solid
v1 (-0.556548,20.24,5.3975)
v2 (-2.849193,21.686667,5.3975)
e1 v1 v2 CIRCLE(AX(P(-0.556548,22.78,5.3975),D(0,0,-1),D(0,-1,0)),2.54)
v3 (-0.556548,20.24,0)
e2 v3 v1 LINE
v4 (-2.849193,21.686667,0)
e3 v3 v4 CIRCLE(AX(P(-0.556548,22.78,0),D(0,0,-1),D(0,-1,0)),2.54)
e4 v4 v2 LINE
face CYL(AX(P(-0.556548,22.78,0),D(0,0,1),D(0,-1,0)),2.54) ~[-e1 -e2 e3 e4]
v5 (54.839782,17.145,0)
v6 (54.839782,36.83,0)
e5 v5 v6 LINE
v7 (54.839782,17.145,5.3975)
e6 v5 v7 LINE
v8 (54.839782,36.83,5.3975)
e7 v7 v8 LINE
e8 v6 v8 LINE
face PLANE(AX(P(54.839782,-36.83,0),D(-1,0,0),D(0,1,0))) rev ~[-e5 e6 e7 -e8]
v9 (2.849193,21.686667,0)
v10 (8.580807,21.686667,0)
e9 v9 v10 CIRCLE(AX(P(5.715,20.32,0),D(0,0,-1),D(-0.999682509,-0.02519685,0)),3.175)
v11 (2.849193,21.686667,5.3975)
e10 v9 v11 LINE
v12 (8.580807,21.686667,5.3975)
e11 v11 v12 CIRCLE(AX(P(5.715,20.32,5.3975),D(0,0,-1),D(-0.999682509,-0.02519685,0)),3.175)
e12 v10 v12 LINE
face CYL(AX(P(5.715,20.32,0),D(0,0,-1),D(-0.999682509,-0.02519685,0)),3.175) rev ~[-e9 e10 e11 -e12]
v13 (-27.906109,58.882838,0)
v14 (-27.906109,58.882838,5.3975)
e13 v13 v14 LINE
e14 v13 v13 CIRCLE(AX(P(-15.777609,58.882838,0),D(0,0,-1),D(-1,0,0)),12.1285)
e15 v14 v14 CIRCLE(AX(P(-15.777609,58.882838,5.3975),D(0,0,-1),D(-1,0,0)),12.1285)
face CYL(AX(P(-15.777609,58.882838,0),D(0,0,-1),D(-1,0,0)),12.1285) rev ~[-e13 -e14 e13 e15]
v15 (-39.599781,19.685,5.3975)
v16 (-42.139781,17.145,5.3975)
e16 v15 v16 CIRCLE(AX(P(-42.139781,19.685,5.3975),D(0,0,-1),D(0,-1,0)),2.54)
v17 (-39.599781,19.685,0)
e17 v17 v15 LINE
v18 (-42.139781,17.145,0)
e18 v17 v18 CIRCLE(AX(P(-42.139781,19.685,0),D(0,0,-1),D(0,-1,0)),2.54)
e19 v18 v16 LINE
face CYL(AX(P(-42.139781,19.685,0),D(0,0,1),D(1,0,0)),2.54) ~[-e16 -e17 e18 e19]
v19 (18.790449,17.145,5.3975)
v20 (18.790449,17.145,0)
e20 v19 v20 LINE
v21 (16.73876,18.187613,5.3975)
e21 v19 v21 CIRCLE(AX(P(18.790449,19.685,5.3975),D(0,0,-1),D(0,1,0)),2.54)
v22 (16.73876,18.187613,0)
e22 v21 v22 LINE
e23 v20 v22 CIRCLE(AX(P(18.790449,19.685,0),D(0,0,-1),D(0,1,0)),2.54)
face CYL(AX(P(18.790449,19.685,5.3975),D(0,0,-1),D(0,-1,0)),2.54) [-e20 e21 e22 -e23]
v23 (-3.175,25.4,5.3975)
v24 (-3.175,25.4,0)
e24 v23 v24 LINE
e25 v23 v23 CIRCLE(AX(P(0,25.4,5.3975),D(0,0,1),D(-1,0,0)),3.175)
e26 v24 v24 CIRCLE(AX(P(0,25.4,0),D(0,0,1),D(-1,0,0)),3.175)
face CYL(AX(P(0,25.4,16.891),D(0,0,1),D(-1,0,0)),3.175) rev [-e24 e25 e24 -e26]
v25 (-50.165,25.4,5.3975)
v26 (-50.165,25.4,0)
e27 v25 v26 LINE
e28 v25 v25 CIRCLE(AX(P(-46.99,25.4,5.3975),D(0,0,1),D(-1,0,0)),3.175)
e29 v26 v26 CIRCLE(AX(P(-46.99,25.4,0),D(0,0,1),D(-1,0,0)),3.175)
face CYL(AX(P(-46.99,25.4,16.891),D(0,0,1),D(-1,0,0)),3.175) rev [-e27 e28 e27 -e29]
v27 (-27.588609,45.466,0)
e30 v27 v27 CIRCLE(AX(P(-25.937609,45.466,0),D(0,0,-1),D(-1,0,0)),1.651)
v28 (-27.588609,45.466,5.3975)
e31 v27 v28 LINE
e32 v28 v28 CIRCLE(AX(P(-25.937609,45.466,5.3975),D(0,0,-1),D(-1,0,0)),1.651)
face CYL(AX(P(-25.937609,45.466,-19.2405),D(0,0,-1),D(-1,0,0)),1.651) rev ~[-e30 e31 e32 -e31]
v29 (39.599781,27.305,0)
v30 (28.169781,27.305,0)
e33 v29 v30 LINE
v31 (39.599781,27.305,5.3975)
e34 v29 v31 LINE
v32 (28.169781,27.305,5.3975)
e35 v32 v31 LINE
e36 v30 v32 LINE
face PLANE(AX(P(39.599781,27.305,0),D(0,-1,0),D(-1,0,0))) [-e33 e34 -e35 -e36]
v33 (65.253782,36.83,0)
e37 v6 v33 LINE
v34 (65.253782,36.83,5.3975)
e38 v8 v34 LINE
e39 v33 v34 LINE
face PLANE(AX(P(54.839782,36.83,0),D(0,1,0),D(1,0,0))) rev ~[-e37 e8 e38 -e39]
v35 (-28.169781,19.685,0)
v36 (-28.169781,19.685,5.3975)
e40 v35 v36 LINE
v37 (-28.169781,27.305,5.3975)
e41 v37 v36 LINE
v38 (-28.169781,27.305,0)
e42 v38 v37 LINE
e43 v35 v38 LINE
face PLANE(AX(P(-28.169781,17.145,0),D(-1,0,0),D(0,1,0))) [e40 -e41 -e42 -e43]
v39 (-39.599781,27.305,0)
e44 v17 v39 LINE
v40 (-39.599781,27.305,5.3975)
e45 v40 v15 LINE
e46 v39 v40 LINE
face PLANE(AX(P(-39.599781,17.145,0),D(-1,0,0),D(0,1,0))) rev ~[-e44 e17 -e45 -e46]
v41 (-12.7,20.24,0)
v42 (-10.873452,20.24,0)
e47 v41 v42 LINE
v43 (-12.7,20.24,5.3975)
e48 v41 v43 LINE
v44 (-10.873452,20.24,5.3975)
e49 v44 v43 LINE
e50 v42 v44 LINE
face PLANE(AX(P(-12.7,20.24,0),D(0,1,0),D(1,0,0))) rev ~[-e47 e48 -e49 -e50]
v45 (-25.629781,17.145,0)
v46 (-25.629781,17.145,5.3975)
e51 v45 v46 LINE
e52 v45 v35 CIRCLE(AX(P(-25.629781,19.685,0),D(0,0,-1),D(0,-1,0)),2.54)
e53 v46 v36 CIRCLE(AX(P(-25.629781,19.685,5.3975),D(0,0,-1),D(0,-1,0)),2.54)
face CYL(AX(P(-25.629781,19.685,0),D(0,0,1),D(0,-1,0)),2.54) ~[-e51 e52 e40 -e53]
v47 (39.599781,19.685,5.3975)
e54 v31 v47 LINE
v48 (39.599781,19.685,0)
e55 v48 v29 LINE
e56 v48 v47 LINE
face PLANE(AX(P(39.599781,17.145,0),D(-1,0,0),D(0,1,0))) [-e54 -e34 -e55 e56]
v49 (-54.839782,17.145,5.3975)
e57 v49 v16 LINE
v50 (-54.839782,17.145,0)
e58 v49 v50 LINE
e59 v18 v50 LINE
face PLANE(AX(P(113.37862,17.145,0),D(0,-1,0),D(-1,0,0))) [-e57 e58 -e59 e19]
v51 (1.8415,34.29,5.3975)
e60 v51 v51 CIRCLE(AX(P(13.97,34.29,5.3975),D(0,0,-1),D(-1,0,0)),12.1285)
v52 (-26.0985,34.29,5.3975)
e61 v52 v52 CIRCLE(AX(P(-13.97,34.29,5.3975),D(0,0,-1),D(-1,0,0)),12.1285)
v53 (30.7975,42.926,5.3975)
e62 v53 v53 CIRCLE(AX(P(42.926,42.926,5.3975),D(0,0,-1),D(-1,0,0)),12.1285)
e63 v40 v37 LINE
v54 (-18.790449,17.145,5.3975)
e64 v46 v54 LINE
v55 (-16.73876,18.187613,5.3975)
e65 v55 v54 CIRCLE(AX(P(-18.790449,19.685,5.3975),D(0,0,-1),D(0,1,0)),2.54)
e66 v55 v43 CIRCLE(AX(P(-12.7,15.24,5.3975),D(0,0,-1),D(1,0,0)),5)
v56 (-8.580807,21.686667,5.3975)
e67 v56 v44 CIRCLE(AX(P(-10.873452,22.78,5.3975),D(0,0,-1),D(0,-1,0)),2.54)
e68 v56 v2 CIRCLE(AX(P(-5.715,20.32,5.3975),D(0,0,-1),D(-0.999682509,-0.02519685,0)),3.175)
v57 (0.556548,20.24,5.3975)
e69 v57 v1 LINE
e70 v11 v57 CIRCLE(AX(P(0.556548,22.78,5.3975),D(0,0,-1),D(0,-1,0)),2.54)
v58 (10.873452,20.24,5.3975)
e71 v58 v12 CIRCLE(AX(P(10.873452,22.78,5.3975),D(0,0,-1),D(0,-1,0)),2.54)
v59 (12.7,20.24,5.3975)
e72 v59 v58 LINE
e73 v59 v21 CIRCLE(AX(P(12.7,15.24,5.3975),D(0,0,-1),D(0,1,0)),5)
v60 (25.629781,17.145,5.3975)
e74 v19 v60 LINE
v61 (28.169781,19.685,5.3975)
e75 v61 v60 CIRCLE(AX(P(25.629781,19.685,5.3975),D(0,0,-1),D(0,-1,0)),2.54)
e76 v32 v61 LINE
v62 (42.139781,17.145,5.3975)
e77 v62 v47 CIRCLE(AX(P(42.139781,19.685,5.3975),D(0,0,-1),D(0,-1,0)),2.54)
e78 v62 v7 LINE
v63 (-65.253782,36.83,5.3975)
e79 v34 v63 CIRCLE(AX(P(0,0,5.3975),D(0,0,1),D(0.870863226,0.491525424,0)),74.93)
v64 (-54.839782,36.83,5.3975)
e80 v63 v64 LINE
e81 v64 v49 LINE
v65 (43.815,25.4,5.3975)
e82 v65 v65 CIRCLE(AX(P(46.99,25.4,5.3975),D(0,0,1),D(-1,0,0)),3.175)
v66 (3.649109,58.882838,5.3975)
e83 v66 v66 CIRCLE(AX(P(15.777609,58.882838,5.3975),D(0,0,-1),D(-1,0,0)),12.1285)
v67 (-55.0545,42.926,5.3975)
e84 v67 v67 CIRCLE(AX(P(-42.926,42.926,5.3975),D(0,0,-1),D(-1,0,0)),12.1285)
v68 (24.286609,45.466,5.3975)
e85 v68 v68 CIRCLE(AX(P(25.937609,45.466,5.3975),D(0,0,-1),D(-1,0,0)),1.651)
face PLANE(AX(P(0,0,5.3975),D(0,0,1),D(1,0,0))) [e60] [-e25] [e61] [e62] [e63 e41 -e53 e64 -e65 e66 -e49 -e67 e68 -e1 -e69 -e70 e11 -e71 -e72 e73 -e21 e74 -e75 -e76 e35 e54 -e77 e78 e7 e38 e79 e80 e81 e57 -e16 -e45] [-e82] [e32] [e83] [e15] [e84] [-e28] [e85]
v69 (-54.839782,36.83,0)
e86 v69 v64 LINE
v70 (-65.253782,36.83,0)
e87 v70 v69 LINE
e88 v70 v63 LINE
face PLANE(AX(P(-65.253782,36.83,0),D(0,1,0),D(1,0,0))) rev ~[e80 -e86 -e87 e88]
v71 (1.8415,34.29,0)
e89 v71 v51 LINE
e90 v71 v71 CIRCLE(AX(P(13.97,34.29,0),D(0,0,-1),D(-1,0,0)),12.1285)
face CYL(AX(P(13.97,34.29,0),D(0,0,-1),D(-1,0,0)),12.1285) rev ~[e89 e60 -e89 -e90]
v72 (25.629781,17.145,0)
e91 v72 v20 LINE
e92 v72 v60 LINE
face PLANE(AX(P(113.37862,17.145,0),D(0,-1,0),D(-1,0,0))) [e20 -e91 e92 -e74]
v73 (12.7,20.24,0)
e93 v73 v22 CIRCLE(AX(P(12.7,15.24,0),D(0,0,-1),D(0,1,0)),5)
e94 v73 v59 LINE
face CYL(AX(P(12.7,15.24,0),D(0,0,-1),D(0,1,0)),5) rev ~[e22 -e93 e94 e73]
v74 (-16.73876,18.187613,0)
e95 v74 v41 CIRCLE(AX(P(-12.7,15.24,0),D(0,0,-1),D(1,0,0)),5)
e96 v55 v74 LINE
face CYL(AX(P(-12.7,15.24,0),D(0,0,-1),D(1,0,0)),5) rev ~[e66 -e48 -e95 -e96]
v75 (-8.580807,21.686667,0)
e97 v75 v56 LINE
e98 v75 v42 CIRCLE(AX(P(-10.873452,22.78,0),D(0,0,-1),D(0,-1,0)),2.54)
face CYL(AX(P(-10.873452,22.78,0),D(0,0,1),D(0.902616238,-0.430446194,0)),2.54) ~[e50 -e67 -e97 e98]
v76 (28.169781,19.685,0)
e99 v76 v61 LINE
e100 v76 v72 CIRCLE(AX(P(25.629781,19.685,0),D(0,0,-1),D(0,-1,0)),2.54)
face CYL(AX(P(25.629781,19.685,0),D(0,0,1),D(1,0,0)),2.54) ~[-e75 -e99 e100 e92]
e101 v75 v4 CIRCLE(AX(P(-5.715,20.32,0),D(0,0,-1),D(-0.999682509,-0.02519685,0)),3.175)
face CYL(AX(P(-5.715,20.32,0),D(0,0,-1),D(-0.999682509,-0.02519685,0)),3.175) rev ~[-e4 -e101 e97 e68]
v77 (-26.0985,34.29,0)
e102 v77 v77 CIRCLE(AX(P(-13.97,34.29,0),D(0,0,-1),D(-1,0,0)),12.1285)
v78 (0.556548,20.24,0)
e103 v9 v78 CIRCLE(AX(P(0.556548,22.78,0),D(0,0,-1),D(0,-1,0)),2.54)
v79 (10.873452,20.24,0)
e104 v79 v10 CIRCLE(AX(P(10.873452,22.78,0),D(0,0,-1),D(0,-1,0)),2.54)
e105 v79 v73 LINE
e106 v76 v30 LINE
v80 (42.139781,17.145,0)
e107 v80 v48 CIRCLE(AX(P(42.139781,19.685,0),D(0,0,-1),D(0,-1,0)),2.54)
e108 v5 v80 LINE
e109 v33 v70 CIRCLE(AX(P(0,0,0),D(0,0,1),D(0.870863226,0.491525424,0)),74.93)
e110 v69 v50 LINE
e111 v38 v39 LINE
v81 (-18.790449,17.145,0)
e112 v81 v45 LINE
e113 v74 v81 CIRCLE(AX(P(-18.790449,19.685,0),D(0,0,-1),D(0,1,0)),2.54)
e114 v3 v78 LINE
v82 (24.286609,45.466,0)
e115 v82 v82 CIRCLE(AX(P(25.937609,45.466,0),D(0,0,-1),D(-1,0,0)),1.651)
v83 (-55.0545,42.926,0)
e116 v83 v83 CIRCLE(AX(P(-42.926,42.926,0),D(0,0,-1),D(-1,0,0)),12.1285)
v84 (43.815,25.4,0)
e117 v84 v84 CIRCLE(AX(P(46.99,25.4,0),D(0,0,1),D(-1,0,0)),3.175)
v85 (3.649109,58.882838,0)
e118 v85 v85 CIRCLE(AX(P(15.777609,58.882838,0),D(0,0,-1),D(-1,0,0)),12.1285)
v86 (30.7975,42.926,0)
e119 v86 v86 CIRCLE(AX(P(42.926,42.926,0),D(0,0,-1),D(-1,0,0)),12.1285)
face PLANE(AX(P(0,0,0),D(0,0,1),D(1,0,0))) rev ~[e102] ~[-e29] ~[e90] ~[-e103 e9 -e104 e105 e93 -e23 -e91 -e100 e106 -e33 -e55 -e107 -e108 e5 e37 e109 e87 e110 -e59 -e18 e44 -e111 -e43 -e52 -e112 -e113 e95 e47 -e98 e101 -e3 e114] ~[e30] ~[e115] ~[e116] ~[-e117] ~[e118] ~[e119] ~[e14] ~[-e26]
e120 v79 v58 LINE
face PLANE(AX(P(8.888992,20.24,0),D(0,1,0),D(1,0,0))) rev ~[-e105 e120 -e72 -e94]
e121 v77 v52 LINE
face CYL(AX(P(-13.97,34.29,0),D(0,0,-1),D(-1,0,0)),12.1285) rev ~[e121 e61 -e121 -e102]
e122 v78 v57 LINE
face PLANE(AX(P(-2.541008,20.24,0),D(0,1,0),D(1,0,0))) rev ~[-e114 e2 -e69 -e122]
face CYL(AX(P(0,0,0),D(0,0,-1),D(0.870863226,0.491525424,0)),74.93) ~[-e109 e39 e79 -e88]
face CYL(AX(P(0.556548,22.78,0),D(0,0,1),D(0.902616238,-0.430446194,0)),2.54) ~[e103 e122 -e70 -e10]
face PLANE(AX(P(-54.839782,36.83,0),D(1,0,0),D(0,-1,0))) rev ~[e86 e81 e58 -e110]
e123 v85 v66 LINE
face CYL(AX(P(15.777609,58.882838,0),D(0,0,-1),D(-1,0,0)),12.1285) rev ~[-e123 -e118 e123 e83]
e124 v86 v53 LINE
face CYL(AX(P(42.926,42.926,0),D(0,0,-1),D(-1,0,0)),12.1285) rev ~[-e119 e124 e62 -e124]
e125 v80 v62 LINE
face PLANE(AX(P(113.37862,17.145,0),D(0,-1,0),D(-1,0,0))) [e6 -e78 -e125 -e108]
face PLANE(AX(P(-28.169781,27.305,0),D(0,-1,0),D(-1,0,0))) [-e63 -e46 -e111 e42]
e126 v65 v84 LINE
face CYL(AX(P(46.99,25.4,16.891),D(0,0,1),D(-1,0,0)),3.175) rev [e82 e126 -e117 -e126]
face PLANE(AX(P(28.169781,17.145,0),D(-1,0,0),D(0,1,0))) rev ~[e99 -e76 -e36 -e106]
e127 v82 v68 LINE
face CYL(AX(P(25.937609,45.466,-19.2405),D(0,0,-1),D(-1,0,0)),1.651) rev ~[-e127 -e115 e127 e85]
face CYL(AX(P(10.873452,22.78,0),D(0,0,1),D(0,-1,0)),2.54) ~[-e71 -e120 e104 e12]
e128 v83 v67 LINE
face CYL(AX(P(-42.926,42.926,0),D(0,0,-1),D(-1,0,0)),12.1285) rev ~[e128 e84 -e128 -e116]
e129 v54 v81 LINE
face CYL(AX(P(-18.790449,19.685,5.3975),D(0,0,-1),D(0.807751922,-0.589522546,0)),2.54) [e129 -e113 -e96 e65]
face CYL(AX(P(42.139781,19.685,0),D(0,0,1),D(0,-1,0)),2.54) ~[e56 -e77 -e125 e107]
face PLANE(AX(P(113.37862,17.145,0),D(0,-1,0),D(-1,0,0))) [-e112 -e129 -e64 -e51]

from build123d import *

# Parameters (mm, degrees)
SKETCH1_R                 = 1.651
BOSS_EXTRUDE2_DEPTH       = 5.3975
SKETCH2_R                 = 1.143
CUT_EXTRUDE1_DEPTH        = 6.3975
SKETCH3_R                 = 12.1285
CUT_EXTRUDE2_DEPTH        = 6.3975
SKETCH4_W                 = 28.562713242
SKETCH4_H                 = 11.677503754
BOSS_EXTRUDE3_DEPTH       = 5.3975
SKETCH5_W                 = 230.699333954
SKETCH5_H                 = 107.587024537
CUT_EXTRUDE3_DEPTH        = 6.3975
SKETCH6_R                 = 12.1285
CUT_EXTRUDE4_DEPTH        = 6.3975
SKETCH156_W               = 11.43
SKETCH156_H               = 10.16
CUT_EXTRUDE152_DEPTH      = 6.3975
SKETCH212_R               = 1.651
CUT_EXTRUDE208_DEPTH      = 97.79
SKETCH266_R               = 3.175
CUT_EXTRUDE262_DEPTH      = 103.378
CUT_EXTRUDE262_DEPTH_BACK = 48.768
CUT_EXTRUDE155_DEPTH      = 26.162
FILLET1_R                 = 2.54


with BuildPart() as part:
    # Sketch1 → Boss-Extrude2 (new body)
    with BuildSketch(Plane.XY):
        with BuildLine():
            Line((-65.2537815, 36.83), (-54.8397815, 36.83))
            Line((-54.8397815, 36.83), (-54.8397815, -36.83))
            Line((-54.8397815, -36.83), (-65.2537815, -36.83))
            ThreePointArc((-65.2537815, -36.83), (0, -74.93), (65.2537815, -36.83))
            Line((65.2537815, -36.83), (54.8397815, -36.83))
            Line((54.8397815, -36.83), (54.8397815, 36.83))
            Line((54.8397815, 36.83), (65.2537815, 36.83))
            ThreePointArc((65.2537815, 36.83), (0, 74.93), (-65.2537815, 36.83))
        make_face()
        with Locations((-45.466, 11.049)):
            Circle(SKETCH1_R, mode=Mode.SUBTRACT)
        with Locations((-20.067270032, 10.795)):
            Circle(SKETCH1_R, mode=Mode.SUBTRACT)
        with Locations((-20.067270032, -10.795)):
            Circle(SKETCH1_R, mode=Mode.SUBTRACT)
        with Locations((-45.466, -11.049)):
            Circle(SKETCH1_R, mode=Mode.SUBTRACT)
        with Locations((45.466, -11.049)):
            Circle(SKETCH1_R, mode=Mode.SUBTRACT)
        with Locations((20.067270032, -10.795)):
            Circle(SKETCH1_R, mode=Mode.SUBTRACT)
        with Locations((20.067270032, 10.795)):
            Circle(SKETCH1_R, mode=Mode.SUBTRACT)
        with Locations((45.466, 11.049)):
            Circle(SKETCH1_R, mode=Mode.SUBTRACT)
    extrude(amount=BOSS_EXTRUDE2_DEPTH)

    # Sketch2 → Cut-Extrude1 (cut, through all)
    with BuildSketch(Plane.XY.offset(5.3975)):
        with Locations((-6.731, 62.23)):
            Circle(SKETCH2_R)
        with Locations((6.731, 62.23)):
            Circle(SKETCH2_R)
    extrude(amount=-CUT_EXTRUDE1_DEPTH, mode=Mode.SUBTRACT)

    # Sketch3 → Cut-Extrude2 (cut, through all)
    with BuildSketch(Plane(origin=(0, 0, 0), x_dir=(-1, 0, 0), z_dir=(0, 0, -1))):
        with Locations((-42.926, -42.926)):
            Circle(SKETCH3_R)
        with Locations((13.97, -34.29)):
            Circle(SKETCH3_R)
        with Locations((13.97, 34.29)):
            Circle(SKETCH3_R)
        with Locations((-42.926, 42.926)):
            Circle(SKETCH3_R)
        with Locations((42.926, 42.926)):
            Circle(SKETCH3_R)
        with Locations((-13.97, 34.29)):
            Circle(SKETCH3_R)
        with Locations((-13.97, -34.29)):
            Circle(SKETCH3_R)
        with Locations((42.926, -42.926)):
            Circle(SKETCH3_R)
    extrude(amount=-CUT_EXTRUDE2_DEPTH, mode=Mode.SUBTRACT)

    # Sketch4 → Boss-Extrude3 (add)
    with BuildSketch(Plane(origin=(0, 0, 0), x_dir=(-1, 0, 0), z_dir=(0, 0, -1))):
        with Locations((-1.488809975, 62.152540216)):
            Rectangle(SKETCH4_W, SKETCH4_H)
    extrude(amount=-BOSS_EXTRUDE3_DEPTH)

    # Sketch5 → Cut-Extrude3 (cut, through all)
    with BuildSketch(Plane(origin=(0, 0, 0), x_dir=(-1, 0, 0), z_dir=(0, 0, -1))):
        with Locations((1.971047261, -36.648512269)):
            Rectangle(SKETCH5_W, SKETCH5_H)
    extrude(amount=-CUT_EXTRUDE3_DEPTH, mode=Mode.SUBTRACT)

    # Sketch6 → Cut-Extrude4 (cut, through all)
    with BuildSketch(Plane(origin=(0, 0, 0), x_dir=(-1, 0, 0), z_dir=(0, 0, -1))):
        with Locations((-15.777608989, 58.882838371)):
            Circle(SKETCH6_R)
        with Locations((15.777608989, 58.882838371)):
            Circle(SKETCH6_R)
    extrude(amount=-CUT_EXTRUDE4_DEPTH, mode=Mode.SUBTRACT)

    # Sketch156 → Cut-Extrude152 (cut, through all)
    with BuildSketch(Plane(origin=(0, 0, 0), x_dir=(-1, 0, 0), z_dir=(0, 0, -1))):
        with Locations((33.8847815, 22.225)):
            Rectangle(SKETCH156_W, SKETCH156_H)
        with Locations((-33.8847815, 22.225)):
            Rectangle(SKETCH156_W, SKETCH156_H)
    extrude(amount=-CUT_EXTRUDE152_DEPTH, mode=Mode.SUBTRACT)

    # Sketch212 → Cut-Extrude208 (cut)
    with BuildSketch(Plane(origin=(30.092005081, 4.08352975, -19.2405), x_dir=(-1, 0, 0), z_dir=(0, 0, -1))):
        with Locations((4.154396091, 41.38247025)):
            Circle(SKETCH212_R)
        with Locations((56.02961407, 41.38247025)):
            Circle(SKETCH212_R)
    extrude(amount=-CUT_EXTRUDE208_DEPTH, mode=Mode.SUBTRACT)

    # Sketch266 → Cut-Extrude262 (cut, two sides)
    with BuildSketch(Plane(origin=(30.092005081, 4.08352975, 16.891), x_dir=(-1, 0, 0), z_dir=(0, 0, -1))) as cut_extrude262_sk:
        with Locations((-16.897994919, 21.31647025)):
            Circle(SKETCH266_R)
        with Locations((77.082005081, 21.31647025)):
            Circle(SKETCH266_R)
        with Locations((30.092005081, 21.31647025)):
            Circle(SKETCH266_R)
    extrude(amount=CUT_EXTRUDE262_DEPTH, mode=Mode.SUBTRACT)
    extrude(cut_extrude262_sk.sketch, amount=-CUT_EXTRUDE262_DEPTH_BACK, mode=Mode.SUBTRACT)

    # Sketch159 → Cut-Extrude155 (cut)
    with BuildSketch(Plane(origin=(0, 0, 0), x_dir=(-1, 0, 0), z_dir=(0, 0, -1))):
        with BuildLine():
            Line((12.7, 20.24), (8.888991966, 20.24))
            ThreePointArc((8.888991966, 20.24), (5.715, 23.495), (2.541008034, 20.24))
            Line((2.541008034, 20.24), (-2.541008034, 20.24))
            ThreePointArc((-2.541008034, 20.24), (-5.715, 23.495), (-8.888991966, 20.24))
            Line((-8.888991966, 20.24), (-12.7, 20.24))
            ThreePointArc((-12.7, 20.24), (-16.235533906, 11.704466094), (-7.7, 15.24))
            Line((-7.7, 15.24), (7.7, 15.24))
            ThreePointArc((7.7, 15.24), (16.235533906, 11.704466094), (12.7, 20.24))
        make_face()
    extrude(amount=-CUT_EXTRUDE155_DEPTH, mode=Mode.SUBTRACT)

    # Fillet1
    fillet1_edges = [part.edges().sort_by_distance(p)[0] for p in [
        (-39.5997815, 17.145, 2.69875),
        (-28.1697815, 17.145, 2.69875),
        (28.1697815, 17.145, 2.69875),
        (39.5997815, 17.145, 2.69875),
        (-17.322875188, 17.145, 2.69875),
        (17.322875188, 17.145, 2.69875),
        (8.888991966, 20.24, 2.69875),
        (2.541008034, 20.24, 2.69875),
        (-2.541008034, 20.24, 2.69875),
        (-8.888991966, 20.24, 2.69875),
    ]]
    fillet(fillet1_edges, radius=FILLET1_R)


solid = part.part
